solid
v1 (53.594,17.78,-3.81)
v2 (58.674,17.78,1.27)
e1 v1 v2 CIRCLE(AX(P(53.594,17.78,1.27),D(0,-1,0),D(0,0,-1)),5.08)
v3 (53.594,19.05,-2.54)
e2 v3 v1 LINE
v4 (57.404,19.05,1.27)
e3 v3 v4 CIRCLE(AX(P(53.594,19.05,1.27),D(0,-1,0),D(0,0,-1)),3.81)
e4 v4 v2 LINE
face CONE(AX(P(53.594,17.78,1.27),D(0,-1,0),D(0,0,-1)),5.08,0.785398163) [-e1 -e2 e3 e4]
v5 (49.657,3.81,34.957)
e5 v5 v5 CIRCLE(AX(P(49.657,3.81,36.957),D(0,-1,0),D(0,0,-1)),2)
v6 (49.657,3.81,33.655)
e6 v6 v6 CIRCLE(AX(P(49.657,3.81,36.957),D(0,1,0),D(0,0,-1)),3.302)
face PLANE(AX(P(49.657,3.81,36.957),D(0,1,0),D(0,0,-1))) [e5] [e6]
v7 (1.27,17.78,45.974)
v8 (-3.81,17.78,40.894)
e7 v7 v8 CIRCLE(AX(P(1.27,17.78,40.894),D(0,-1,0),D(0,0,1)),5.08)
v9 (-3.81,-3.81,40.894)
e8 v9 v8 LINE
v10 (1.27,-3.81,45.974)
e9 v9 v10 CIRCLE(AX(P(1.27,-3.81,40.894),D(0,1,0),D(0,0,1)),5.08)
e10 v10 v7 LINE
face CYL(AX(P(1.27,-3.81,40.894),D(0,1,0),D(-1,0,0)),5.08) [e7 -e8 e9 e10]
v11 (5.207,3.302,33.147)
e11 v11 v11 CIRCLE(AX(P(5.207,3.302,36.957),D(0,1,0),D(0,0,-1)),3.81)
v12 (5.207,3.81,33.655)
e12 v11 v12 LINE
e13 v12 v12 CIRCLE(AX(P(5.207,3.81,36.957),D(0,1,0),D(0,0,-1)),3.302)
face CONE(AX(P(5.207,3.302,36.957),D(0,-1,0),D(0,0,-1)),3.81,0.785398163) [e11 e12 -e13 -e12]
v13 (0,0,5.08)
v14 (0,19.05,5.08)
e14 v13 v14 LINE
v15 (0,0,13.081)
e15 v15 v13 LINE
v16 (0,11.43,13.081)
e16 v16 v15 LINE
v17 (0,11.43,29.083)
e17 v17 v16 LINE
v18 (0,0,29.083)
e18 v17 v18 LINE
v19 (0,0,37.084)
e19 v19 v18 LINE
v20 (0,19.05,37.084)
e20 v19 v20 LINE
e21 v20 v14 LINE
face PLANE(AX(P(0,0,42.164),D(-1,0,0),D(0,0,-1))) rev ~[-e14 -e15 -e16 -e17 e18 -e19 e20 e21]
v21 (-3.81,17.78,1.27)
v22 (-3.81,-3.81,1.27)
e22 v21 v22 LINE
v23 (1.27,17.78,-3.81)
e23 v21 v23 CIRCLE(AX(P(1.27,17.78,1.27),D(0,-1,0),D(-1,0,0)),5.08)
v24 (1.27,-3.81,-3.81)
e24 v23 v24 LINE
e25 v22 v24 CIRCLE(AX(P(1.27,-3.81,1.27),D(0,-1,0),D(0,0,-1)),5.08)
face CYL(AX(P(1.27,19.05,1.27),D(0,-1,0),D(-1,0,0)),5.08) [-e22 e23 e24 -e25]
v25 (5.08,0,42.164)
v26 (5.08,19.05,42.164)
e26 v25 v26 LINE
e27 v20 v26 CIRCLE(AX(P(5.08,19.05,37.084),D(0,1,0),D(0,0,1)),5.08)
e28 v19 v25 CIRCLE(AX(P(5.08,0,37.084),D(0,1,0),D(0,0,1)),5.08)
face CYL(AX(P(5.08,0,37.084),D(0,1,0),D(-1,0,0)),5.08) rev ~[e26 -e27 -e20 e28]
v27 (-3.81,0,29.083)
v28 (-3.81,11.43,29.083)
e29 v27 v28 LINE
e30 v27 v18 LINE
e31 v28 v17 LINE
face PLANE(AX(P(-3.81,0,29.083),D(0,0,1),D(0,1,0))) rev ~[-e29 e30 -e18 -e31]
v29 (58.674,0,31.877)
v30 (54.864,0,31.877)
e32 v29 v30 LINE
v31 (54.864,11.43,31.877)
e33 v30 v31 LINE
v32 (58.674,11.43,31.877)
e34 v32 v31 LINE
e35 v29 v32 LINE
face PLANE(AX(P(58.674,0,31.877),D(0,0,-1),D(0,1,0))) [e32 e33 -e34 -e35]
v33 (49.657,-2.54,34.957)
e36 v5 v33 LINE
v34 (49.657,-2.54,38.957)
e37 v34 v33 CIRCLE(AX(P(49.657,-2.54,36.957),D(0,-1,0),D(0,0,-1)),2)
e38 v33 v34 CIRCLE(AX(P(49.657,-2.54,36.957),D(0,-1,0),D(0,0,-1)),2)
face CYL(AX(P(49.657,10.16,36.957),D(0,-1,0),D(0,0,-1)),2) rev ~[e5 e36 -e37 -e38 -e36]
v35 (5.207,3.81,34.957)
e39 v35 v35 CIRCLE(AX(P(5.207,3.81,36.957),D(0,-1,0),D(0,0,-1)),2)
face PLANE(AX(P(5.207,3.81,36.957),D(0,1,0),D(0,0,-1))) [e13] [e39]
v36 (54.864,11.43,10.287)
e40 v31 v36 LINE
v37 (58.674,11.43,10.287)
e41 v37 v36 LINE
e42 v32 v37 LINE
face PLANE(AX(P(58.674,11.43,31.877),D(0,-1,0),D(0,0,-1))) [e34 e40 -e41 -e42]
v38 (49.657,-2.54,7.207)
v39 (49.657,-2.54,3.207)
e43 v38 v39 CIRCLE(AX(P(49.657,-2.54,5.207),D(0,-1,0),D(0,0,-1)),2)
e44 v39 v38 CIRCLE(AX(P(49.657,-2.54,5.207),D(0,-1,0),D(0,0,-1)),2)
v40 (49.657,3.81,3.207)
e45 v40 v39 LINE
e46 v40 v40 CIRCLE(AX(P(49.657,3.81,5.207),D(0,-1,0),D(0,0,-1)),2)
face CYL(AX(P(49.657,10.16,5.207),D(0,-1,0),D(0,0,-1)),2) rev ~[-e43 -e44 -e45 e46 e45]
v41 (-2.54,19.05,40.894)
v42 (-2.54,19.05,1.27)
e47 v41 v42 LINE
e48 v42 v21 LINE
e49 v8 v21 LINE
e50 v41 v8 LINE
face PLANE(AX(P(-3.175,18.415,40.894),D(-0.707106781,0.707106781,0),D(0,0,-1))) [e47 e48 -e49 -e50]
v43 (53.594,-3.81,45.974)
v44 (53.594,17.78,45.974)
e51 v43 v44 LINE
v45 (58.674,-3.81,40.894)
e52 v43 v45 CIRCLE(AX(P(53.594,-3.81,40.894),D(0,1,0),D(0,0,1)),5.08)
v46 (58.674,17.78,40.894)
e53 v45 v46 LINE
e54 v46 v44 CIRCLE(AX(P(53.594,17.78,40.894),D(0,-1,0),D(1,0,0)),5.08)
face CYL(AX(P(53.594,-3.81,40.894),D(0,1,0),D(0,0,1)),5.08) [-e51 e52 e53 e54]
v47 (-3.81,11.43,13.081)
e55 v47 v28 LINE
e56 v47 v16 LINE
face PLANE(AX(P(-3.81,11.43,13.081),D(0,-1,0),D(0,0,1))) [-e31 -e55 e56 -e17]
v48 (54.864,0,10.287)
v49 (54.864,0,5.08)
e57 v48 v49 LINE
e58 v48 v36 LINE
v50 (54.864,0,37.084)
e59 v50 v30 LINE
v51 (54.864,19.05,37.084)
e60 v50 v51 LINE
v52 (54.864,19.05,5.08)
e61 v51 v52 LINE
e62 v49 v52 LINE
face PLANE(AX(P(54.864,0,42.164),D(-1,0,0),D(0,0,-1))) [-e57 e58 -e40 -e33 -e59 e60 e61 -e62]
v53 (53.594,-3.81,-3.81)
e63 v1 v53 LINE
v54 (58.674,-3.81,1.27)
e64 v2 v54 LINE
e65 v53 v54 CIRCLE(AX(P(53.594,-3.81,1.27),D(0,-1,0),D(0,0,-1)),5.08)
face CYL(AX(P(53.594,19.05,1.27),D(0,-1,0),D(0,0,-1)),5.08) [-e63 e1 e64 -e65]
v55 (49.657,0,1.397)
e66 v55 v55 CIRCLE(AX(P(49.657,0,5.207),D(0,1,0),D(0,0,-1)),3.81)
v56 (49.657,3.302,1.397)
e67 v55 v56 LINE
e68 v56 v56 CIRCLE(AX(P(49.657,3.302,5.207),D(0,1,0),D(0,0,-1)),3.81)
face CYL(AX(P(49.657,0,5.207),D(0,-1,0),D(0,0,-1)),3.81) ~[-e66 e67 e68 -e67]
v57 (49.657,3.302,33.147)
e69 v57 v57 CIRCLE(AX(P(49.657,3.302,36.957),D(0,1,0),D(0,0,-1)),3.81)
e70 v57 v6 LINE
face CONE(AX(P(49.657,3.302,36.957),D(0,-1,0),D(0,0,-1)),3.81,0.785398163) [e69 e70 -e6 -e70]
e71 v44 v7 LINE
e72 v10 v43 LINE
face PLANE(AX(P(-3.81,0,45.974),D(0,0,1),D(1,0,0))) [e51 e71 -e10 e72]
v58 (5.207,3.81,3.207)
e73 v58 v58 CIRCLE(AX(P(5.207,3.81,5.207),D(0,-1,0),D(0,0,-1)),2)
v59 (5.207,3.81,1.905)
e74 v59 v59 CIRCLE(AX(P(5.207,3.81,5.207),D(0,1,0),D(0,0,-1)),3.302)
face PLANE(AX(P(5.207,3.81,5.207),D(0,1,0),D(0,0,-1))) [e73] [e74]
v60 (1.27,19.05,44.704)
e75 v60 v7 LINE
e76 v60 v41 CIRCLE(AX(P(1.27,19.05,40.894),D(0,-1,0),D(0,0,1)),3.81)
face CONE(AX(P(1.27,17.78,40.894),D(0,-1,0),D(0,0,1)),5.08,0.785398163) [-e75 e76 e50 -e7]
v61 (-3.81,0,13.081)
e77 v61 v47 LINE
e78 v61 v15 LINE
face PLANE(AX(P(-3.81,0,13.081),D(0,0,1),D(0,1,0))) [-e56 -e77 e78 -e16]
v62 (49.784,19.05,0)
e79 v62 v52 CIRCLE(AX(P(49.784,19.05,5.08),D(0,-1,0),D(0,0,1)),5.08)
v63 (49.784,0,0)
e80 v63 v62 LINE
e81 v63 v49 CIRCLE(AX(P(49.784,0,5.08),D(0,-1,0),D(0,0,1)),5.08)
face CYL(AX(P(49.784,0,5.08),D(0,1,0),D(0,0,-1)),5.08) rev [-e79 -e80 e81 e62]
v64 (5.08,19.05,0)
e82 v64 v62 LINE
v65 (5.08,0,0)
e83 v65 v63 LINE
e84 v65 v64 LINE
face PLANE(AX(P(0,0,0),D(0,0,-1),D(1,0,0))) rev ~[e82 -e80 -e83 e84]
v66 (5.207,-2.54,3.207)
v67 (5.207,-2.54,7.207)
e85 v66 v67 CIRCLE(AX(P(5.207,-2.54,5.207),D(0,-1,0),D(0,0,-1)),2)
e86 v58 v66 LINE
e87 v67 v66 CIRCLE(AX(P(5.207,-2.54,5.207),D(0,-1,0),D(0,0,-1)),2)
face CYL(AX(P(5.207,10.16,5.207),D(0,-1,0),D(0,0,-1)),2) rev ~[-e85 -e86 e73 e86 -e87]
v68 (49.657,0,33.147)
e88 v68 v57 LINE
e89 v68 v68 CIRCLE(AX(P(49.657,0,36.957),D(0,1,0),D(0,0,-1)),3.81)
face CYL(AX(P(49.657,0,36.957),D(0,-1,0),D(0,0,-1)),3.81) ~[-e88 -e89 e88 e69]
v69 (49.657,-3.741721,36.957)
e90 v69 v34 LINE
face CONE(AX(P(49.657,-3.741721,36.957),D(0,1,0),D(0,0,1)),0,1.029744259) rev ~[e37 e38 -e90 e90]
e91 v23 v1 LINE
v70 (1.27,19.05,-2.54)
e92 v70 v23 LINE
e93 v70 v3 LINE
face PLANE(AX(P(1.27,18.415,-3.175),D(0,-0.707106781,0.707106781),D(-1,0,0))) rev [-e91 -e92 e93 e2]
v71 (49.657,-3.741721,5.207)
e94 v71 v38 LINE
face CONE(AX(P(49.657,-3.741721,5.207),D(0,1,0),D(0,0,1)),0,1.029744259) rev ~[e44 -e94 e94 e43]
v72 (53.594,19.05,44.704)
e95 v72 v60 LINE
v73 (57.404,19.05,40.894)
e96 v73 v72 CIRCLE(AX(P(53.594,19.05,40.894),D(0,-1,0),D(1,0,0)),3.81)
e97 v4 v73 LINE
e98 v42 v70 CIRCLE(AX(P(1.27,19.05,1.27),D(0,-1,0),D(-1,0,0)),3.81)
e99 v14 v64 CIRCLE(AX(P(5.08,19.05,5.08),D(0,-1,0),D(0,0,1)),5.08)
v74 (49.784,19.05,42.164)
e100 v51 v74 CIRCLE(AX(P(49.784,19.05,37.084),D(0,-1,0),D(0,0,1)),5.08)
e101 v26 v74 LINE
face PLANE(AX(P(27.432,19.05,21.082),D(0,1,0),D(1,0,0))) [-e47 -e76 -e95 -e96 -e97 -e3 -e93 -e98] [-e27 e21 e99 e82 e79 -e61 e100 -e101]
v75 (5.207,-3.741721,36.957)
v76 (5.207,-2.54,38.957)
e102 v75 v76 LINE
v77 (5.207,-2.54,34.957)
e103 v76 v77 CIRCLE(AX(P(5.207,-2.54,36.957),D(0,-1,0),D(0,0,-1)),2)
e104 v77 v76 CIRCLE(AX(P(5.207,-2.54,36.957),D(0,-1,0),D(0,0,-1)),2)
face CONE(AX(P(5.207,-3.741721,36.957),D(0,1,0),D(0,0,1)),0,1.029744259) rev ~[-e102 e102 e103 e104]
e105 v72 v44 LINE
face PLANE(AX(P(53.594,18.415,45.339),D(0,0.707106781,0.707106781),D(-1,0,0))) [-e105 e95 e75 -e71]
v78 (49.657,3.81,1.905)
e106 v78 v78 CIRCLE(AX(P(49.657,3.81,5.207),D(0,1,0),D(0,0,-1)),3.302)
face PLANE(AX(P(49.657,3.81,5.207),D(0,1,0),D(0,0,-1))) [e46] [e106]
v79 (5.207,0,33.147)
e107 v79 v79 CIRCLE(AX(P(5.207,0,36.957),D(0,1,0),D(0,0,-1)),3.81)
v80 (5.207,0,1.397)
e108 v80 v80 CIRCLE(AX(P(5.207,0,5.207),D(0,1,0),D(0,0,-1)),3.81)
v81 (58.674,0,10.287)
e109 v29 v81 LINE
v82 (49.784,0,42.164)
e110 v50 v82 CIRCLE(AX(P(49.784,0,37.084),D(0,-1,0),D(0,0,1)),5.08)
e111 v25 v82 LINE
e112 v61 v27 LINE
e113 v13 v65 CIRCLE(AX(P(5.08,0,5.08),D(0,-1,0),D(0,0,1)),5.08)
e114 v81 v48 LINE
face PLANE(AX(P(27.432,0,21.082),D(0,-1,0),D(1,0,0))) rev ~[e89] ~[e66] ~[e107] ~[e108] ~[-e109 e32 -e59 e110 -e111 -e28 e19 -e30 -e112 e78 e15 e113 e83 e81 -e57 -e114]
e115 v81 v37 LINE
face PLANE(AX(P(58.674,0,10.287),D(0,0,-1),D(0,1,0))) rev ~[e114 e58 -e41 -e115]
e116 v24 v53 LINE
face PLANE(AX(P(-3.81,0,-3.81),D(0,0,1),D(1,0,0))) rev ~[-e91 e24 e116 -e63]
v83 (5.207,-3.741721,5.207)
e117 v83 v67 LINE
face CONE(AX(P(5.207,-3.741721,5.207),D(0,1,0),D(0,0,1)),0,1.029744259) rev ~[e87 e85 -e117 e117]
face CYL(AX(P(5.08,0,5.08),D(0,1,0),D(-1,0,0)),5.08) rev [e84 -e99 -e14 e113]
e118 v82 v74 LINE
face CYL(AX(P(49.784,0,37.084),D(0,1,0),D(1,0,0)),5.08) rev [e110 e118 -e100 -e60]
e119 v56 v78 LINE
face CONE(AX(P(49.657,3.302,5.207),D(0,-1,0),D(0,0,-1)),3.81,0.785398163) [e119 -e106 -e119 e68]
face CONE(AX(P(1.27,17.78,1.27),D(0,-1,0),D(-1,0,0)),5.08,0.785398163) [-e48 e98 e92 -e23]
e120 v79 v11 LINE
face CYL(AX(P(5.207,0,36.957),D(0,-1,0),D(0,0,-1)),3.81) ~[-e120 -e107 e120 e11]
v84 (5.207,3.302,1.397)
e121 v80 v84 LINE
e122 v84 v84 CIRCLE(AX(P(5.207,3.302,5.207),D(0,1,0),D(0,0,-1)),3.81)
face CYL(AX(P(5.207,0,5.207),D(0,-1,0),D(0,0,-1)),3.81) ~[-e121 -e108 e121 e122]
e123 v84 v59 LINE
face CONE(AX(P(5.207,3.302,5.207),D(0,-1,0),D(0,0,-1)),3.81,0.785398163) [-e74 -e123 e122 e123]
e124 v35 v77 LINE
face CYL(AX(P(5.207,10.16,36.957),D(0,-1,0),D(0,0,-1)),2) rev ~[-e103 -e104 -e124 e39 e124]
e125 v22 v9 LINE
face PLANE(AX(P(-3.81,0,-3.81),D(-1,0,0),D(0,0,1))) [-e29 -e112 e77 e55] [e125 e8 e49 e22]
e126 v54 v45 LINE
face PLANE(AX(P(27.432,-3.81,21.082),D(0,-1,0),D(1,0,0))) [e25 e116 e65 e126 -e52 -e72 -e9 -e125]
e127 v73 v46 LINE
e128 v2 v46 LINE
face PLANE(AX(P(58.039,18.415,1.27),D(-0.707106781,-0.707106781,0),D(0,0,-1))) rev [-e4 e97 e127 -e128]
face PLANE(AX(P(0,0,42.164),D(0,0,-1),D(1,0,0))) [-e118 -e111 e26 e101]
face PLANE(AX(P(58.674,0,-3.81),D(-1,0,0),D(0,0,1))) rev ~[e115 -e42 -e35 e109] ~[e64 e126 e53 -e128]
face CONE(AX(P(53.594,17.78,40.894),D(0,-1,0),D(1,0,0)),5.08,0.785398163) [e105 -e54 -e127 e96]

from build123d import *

# Parameters (mm, degrees)
SKETCH1_W                    = 62.484
SKETCH1_H                    = 49.784
SKETCH1_W_2                  = 54.864
SKETCH1_H_2                  = 42.164
BOSS_EXTRUDE1_DEPTH          = 19.05
SKETCH3_W                    = 62.484
SKETCH3_H                    = 49.784
BOSS_EXTRUDE2_DEPTH          = 3.81
FILLET1_R                    = 5.08
SKETCH4_R                    = 3.81
BOSS_EXTRUDE3_DEPTH          = 3.81
F_4_0_4_DIAMETER_HOLE1_D     = 4
F_4_0_4_DIAMETER_HOLE1_DEPTH = 6.35
F_4_0_4_DIAMETER_HOLE1_TIP   = 1.201721238
CUT_EXTRUDE1_REACH           = 81.88
SKETCH8_W                    = 21.59
SKETCH8_H                    = 11.43
CUT_EXTRUDE2_REACH           = 81.88
SKETCH9_W                    = 16.002
SKETCH9_H                    = 11.43
FILLET2_R                    = 5.08
CHAMFER1_SIZE                = 1.27
CHAMFER2_SIZE                = 0.508


with BuildPart() as part:
    # Sketch1 → Boss-Extrude1 (new body)
    with BuildSketch(Plane(origin=(0, 0, 0), x_dir=(1, 0, 0), z_dir=(0, 1, 0))):
        with Locations((27.432, -21.082)):
            Rectangle(SKETCH1_W, SKETCH1_H)
        with Locations((27.432, -21.082)):
            Rectangle(SKETCH1_W_2, SKETCH1_H_2, mode=Mode.SUBTRACT)
    extrude(amount=BOSS_EXTRUDE1_DEPTH)

    # Sketch3 → Boss-Extrude2 (add)
    with BuildSketch(Plane.XZ):
        with Locations((27.432, 21.082)):
            Rectangle(SKETCH3_W, SKETCH3_H)
    extrude(amount=BOSS_EXTRUDE2_DEPTH)

    # Fillet1
    fillet1_edges = [part.edges().sort_by_distance(p)[0] for p in [
        (0, 9.525, 0),
        (0, 9.525, 42.164),
        (54.864, 9.525, 42.164),
        (54.864, 9.525, 0),
    ]]
    fillet(fillet1_edges, radius=FILLET1_R)

    # Sketch4 → Boss-Extrude3 (add)
    with BuildSketch(Plane(origin=(0, 0, 0), x_dir=(1, 0, 0), z_dir=(0, 1, 0))):
        with Locations(Location((49.657, -5.207, 0), (0, 0, 90))):
            Circle(SKETCH4_R)
        with Locations(Location((49.657, -36.957, 0), (0, 0, 90))):
            Circle(SKETCH4_R)
        with Locations(Location((5.207, -36.957, 0), (0, 0, 90))):
            Circle(SKETCH4_R)
        with Locations(Location((5.207, -5.207, 0), (0, 0, 90))):
            Circle(SKETCH4_R)
    extrude(amount=BOSS_EXTRUDE3_DEPTH)

    # Ø4.0 (4) Diameter Hole1
    with Locations(Plane(origin=(5.207, 3.81, 5.207), x_dir=(0, 0, 1), z_dir=(0, 1, 0))):
        with Locations((0, 0), (31.75, 0), (31.75, 44.45), (0, 44.45)):
            Hole(F_4_0_4_DIAMETER_HOLE1_D / 2, depth=F_4_0_4_DIAMETER_HOLE1_DEPTH)
            with Locations((0, 0, -(F_4_0_4_DIAMETER_HOLE1_DEPTH + F_4_0_4_DIAMETER_HOLE1_TIP / 2))):  # 118° drill point
                Cone(0, F_4_0_4_DIAMETER_HOLE1_D / 2, F_4_0_4_DIAMETER_HOLE1_TIP, mode=Mode.SUBTRACT)

    # Sketch8 → Cut-Extrude1 (cut, up to next)
    with BuildSketch(Plane(origin=(58.674, 0, 0), x_dir=(0, 0, -1), z_dir=(1, 0, 0)), mode=Mode.PRIVATE) as cut_extrude1_sk1:
        with Locations((-21.082, 5.715)):
            Rectangle(SKETCH8_W, SKETCH8_H)
    cut_extrude1_tool1 = extrude(cut_extrude1_sk1.sketch, amount=-CUT_EXTRUDE1_REACH, mode=Mode.PRIVATE) & part.part
    add(cut_extrude1_tool1.solids().sort_by_distance((58.674, 5.715, 21.082))[0], mode=Mode.SUBTRACT)

    # Sketch9 → Cut-Extrude2 (cut, up to next)
    with BuildSketch(Plane.ZY.offset(3.81), mode=Mode.PRIVATE) as cut_extrude2_sk1:
        with Locations((21.082, 5.715)):
            Rectangle(SKETCH9_W, SKETCH9_H)
    cut_extrude2_tool1 = extrude(cut_extrude2_sk1.sketch, amount=-CUT_EXTRUDE2_REACH, mode=Mode.PRIVATE) & part.part
    add(cut_extrude2_tool1.solids().sort_by_distance((-3.81, 5.715, 21.082))[0], mode=Mode.SUBTRACT)

    # Fillet2
    fillet2_edges = [part.edges().sort_by_distance(p)[0] for p in [
        (-3.81, 7.62, -3.81),
        (58.674, 7.62, -3.81),
        (58.674, 7.62, 45.974),
        (-3.81, 7.62, 45.974),
    ]]
    fillet(fillet2_edges, radius=FILLET2_R)

    # Chamfer1
    chamfer1_edges = [part.edges().sort_by_distance(p)[0] for p in [
        (-3.81, 19.05, 21.082),
        (27.432, 19.05, -3.81),
        (27.432, 19.05, 45.974),
        (58.674, 19.05, 21.082),
        (-2.322102448, 19.05, 44.486102448),
        (57.186102448, 19.05, 44.486102448),
        (57.186102448, 19.05, -2.322102448),
        (-2.322102448, 19.05, -2.322102448),
    ]]
    chamfer(chamfer1_edges, length=CHAMFER1_SIZE)

    # Chamfer2
    chamfer2_edges = [part.edges().sort_by_distance(p)[0] for p in [
        (49.657, 3.81, 9.017),
        (49.657, 3.81, 40.767),
        (5.207, 3.81, 40.767),
        (5.207, 3.81, 9.017),
    ]]
    chamfer(chamfer2_edges, length=CHAMFER2_SIZE)


solid = part.part
